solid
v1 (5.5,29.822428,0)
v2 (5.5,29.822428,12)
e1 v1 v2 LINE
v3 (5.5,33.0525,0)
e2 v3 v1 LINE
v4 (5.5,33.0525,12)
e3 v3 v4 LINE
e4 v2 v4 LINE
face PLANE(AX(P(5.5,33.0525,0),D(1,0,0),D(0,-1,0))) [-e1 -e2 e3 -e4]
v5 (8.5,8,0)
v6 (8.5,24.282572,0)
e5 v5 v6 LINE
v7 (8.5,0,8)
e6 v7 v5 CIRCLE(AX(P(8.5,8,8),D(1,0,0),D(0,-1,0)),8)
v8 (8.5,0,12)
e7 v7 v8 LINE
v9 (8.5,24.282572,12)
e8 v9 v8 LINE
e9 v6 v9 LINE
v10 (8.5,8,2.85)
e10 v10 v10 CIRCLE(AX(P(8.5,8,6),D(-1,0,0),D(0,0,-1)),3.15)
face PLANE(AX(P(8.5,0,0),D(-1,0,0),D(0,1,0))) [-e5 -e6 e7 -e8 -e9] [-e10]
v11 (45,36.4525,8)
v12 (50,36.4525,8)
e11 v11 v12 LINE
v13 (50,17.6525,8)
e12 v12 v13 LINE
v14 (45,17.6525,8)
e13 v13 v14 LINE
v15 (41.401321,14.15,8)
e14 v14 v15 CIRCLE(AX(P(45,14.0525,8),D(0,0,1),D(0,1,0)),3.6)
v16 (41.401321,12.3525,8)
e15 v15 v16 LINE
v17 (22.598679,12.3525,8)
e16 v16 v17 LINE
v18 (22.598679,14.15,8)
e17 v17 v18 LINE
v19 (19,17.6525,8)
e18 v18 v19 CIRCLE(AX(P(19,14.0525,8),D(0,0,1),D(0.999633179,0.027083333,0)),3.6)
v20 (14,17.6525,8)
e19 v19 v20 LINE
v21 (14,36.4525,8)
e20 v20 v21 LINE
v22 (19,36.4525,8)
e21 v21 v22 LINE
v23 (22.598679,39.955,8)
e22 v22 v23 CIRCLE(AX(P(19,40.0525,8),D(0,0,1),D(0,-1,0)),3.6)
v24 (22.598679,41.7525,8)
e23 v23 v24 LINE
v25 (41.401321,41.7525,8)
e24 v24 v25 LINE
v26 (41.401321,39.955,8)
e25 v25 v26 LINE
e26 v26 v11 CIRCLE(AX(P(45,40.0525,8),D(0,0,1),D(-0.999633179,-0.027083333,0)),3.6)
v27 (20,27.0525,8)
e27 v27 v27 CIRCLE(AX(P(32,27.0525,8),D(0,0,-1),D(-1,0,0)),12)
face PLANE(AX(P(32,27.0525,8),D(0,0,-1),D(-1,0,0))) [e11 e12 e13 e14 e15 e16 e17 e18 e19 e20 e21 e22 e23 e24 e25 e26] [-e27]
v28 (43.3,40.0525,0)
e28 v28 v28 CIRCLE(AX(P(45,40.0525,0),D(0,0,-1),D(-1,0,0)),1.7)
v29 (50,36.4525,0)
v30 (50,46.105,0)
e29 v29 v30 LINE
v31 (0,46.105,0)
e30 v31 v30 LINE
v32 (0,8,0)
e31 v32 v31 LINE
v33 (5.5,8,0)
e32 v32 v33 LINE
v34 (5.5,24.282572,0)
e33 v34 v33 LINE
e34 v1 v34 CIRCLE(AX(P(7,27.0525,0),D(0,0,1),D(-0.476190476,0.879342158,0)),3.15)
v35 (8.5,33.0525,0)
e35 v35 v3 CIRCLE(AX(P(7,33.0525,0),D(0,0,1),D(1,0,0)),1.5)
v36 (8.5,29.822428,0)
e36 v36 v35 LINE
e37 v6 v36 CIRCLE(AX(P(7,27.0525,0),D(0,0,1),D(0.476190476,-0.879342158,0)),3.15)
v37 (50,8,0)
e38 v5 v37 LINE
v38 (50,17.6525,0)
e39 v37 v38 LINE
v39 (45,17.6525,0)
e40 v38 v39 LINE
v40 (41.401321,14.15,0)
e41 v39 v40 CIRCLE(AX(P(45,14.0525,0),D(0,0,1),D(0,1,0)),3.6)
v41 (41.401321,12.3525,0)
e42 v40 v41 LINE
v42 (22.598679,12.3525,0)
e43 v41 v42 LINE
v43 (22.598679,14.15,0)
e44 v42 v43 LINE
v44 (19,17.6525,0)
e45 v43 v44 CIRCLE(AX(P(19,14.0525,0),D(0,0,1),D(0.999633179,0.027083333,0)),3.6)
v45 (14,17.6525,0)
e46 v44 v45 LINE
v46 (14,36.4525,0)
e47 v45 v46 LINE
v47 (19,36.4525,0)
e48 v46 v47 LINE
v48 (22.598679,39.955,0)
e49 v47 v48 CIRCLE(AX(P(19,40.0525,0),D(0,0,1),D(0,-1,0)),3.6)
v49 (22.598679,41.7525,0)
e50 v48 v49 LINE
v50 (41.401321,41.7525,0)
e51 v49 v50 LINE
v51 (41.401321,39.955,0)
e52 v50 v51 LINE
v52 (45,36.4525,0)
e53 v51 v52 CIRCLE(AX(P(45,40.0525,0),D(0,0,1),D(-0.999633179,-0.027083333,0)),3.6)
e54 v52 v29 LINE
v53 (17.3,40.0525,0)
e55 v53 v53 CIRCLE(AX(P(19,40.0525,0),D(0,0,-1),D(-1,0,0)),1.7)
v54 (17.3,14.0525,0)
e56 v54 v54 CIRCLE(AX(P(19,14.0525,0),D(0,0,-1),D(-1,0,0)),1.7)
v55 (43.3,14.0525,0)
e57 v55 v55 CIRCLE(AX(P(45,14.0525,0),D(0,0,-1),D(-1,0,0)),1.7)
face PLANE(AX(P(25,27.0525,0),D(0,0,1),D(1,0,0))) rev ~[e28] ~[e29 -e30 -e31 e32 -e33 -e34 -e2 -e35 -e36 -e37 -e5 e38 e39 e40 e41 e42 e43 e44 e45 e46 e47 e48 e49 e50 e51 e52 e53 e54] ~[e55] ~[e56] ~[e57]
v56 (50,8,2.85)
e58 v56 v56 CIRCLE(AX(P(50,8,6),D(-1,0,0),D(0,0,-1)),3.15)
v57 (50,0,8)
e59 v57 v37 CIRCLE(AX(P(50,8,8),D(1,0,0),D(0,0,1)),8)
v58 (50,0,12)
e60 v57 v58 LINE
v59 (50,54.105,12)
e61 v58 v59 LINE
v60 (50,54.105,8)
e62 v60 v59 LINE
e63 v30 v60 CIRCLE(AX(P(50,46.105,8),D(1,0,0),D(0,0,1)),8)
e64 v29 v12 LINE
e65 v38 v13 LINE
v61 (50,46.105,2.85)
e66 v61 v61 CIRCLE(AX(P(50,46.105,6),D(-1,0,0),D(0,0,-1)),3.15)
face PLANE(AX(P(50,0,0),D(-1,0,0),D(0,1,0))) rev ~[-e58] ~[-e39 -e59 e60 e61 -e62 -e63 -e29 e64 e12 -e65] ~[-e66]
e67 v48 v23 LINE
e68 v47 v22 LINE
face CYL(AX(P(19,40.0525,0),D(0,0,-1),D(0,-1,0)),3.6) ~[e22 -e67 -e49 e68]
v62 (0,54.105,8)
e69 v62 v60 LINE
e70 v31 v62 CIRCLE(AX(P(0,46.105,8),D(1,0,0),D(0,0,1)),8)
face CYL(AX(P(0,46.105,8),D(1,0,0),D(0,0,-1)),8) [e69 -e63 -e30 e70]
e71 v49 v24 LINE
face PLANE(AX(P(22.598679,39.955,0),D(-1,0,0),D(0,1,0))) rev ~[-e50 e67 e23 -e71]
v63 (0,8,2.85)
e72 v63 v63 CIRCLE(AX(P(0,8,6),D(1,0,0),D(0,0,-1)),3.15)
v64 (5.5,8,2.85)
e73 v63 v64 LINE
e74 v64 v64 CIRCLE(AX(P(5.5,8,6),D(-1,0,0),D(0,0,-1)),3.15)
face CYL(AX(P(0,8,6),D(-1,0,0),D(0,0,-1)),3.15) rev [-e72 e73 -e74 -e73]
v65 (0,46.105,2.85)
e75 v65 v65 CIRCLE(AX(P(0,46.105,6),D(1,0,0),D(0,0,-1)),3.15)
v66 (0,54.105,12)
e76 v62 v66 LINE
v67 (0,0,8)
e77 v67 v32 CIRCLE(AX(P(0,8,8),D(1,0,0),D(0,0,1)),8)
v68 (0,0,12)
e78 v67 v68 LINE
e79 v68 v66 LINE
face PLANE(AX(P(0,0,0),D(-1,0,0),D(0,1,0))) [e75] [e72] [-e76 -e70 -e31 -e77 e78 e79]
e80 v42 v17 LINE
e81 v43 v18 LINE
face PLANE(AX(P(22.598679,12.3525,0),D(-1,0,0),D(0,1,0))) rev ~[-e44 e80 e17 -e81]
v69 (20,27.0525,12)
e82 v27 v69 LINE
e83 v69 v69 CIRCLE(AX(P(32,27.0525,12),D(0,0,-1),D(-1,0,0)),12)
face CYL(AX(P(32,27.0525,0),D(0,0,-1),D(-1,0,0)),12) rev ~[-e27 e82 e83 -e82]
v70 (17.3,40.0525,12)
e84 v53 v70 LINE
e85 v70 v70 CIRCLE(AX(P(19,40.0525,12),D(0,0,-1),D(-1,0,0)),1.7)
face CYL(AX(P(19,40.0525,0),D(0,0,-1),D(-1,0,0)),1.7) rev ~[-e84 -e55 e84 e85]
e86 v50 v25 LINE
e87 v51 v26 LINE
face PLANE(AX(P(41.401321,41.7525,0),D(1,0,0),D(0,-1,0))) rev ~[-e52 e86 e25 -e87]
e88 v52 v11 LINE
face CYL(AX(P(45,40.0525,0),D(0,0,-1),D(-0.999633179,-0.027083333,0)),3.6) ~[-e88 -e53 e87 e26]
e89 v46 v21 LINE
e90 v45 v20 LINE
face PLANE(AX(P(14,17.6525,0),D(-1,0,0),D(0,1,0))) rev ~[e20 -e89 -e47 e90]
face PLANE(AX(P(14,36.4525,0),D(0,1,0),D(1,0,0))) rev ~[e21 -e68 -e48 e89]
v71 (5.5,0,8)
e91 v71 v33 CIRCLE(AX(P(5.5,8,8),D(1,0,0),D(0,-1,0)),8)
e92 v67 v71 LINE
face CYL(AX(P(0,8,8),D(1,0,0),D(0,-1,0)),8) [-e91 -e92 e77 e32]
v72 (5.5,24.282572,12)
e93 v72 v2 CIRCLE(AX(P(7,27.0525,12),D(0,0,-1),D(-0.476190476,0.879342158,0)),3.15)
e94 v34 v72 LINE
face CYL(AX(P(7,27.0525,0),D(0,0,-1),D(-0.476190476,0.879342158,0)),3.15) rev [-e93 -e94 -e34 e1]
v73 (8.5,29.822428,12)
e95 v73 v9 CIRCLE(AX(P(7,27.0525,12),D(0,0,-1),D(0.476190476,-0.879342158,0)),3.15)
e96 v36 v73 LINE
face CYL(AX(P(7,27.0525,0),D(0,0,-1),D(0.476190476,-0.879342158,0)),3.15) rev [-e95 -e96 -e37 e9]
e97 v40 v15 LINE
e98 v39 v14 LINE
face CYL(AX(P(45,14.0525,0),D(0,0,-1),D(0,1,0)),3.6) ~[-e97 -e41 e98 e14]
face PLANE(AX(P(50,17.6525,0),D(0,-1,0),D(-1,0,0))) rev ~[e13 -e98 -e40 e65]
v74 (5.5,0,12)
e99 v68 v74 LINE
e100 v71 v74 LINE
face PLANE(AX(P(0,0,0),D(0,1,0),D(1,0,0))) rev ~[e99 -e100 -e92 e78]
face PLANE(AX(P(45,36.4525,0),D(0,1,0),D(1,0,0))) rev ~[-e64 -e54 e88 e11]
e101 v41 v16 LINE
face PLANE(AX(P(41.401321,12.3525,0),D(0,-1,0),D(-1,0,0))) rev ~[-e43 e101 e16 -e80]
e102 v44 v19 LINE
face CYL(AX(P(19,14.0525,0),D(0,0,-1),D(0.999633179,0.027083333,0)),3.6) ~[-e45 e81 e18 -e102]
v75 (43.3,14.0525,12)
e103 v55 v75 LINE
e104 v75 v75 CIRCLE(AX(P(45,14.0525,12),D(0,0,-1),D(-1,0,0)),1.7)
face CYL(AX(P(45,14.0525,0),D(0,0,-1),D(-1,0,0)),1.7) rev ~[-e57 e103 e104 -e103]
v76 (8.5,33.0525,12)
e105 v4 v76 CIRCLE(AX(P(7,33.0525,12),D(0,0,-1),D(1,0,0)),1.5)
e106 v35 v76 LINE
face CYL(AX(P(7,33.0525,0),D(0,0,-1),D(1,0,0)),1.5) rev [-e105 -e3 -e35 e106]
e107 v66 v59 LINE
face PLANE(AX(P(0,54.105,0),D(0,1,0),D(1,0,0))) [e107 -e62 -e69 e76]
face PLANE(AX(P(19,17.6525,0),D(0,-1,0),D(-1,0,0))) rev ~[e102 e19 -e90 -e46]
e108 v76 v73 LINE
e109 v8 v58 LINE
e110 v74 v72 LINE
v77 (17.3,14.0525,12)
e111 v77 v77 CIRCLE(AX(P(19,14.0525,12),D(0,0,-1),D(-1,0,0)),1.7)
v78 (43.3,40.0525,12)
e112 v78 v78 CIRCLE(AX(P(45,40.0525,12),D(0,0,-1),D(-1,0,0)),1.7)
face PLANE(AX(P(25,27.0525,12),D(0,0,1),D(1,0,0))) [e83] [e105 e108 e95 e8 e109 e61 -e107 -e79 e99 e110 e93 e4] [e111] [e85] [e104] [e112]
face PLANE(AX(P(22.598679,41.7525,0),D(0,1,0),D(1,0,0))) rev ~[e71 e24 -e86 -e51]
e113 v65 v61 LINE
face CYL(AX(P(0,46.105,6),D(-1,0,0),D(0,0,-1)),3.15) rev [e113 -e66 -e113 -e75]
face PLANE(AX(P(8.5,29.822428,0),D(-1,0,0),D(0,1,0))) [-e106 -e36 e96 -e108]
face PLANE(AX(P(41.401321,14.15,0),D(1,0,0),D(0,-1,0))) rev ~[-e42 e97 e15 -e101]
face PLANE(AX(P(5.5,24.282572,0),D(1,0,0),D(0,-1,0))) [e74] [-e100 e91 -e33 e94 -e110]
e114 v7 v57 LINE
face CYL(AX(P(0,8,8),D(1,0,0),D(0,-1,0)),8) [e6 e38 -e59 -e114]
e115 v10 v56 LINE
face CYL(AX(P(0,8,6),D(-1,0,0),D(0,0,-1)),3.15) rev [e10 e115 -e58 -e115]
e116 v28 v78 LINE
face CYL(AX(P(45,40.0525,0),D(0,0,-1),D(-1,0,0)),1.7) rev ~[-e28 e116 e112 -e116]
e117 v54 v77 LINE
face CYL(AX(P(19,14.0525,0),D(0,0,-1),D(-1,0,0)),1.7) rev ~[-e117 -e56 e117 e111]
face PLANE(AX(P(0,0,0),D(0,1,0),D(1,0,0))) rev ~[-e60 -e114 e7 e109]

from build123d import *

# Parameters (mm, degrees)
SKETCH1_W           = 50
SKETCH1_H           = 54.105
BOSS_EXTRUDE1_DEPTH = 12
SKETCH2_R           = 3.15
CUT_EXTRUDE1_DEPTH  = 51
FILLET1_R           = 8
SKETCH3_R           = 12
SKETCH3_R_2         = 1.7
CUT_EXTRUDE2_DEPTH  = 13
CUT_EXTRUDE4_DEPTH  = 8


with BuildPart() as part:
    # Sketch1 → Boss-Extrude1 (new body)
    with BuildSketch(Plane.XY):
        with Locations((25, 27.0525)):
            Rectangle(SKETCH1_W, SKETCH1_H)
    extrude(amount=BOSS_EXTRUDE1_DEPTH)

    # Sketch2 → Cut-Extrude1 (cut, through all)
    with BuildSketch(Plane(origin=(0, 0, 0), x_dir=(0, 0, -1), z_dir=(1, 0, 0))):
        with Locations((-6, 46.105)):
            Circle(SKETCH2_R)
        with Locations((-6, 8)):
            Circle(SKETCH2_R)
    extrude(amount=CUT_EXTRUDE1_DEPTH, mode=Mode.SUBTRACT)

    # Fillet1
    fillet1_edges = [part.edges().sort_by_distance(p)[0] for p in [
        (25, 54.105, 0),
        (25, 0, 0),
    ]]
    fillet(fillet1_edges, radius=FILLET1_R)

    # Sketch3 → Cut-Extrude2 (cut, through all)
    with BuildSketch(Plane(origin=(0, 0, 0), x_dir=(-1, 0, 0), z_dir=(0, 0, -1))):
        with Locations((-32, 27.0525)):
            Circle(SKETCH3_R)
        with Locations((-19, 40.0525)):
            Circle(SKETCH3_R_2)
        with Locations((-19, 14.0525)):
            Circle(SKETCH3_R_2)
        with Locations((-45, 14.0525)):
            Circle(SKETCH3_R_2)
        with Locations((-45, 40.0525)):
            Circle(SKETCH3_R_2)
        with BuildLine():
            Line((-8.5, 0), (-8.5, 24.282572203))
            ThreePointArc((-8.5, 24.282572203), (-10.15, 27.0525), (-8.5, 29.822427797))
            Line((-8.5, 29.822427797), (-8.5, 33.0525))
            ThreePointArc((-8.5, 33.0525), (-7, 34.5525), (-5.5, 33.0525))
            Line((-5.5, 33.0525), (-5.5, 29.822427797))
            ThreePointArc((-5.5, 29.822427797), (-3.85, 27.0525), (-5.5, 24.282572203))
            Line((-5.5, 24.282572203), (-5.5, 0))
            Line((-5.5, 0), (-8.5, 0))
        make_face()
    extrude(amount=-CUT_EXTRUDE2_DEPTH, mode=Mode.SUBTRACT)

    # Sketch5 → Cut-Extrude4 (cut)
    with BuildSketch(Plane(origin=(0, 0, 0), x_dir=(-1, 0, 0), z_dir=(0, 0, -1))):
        with BuildLine():
            Line((-19, 17.6525), (-14, 17.6525))
            Line((-14, 17.6525), (-14, 36.4525))
            Line((-14, 36.4525), (-19, 36.4525))
            ThreePointArc((-19, 36.4525), (-21.510876341, 37.472674425), (-22.598679445, 39.955))
            Line((-22.598679445, 39.955), (-22.598679445, 41.7525))
            Line((-22.598679445, 41.7525), (-41.401320555, 41.7525))
            Line((-41.401320555, 41.7525), (-41.401320555, 39.955))
            ThreePointArc((-41.401320555, 39.955), (-42.489123659, 37.472674425), (-45, 36.4525))
            Line((-45, 36.4525), (-50, 36.4525))
            Line((-50, 36.4525), (-50, 17.6525))
            Line((-50, 17.6525), (-45, 17.6525))
            ThreePointArc((-45, 17.6525), (-42.489123659, 16.632325575), (-41.401320555, 14.15))
            Line((-41.401320555, 14.15), (-41.401320555, 12.3525))
            Line((-41.401320555, 12.3525), (-22.598679445, 12.3525))
            Line((-22.598679445, 12.3525), (-22.598679445, 14.15))
            ThreePointArc((-22.598679445, 14.15), (-21.510876341, 16.632325575), (-19, 17.6525))
        make_face()
    extrude(amount=-CUT_EXTRUDE4_DEPTH, mode=Mode.SUBTRACT)


solid = part.part
